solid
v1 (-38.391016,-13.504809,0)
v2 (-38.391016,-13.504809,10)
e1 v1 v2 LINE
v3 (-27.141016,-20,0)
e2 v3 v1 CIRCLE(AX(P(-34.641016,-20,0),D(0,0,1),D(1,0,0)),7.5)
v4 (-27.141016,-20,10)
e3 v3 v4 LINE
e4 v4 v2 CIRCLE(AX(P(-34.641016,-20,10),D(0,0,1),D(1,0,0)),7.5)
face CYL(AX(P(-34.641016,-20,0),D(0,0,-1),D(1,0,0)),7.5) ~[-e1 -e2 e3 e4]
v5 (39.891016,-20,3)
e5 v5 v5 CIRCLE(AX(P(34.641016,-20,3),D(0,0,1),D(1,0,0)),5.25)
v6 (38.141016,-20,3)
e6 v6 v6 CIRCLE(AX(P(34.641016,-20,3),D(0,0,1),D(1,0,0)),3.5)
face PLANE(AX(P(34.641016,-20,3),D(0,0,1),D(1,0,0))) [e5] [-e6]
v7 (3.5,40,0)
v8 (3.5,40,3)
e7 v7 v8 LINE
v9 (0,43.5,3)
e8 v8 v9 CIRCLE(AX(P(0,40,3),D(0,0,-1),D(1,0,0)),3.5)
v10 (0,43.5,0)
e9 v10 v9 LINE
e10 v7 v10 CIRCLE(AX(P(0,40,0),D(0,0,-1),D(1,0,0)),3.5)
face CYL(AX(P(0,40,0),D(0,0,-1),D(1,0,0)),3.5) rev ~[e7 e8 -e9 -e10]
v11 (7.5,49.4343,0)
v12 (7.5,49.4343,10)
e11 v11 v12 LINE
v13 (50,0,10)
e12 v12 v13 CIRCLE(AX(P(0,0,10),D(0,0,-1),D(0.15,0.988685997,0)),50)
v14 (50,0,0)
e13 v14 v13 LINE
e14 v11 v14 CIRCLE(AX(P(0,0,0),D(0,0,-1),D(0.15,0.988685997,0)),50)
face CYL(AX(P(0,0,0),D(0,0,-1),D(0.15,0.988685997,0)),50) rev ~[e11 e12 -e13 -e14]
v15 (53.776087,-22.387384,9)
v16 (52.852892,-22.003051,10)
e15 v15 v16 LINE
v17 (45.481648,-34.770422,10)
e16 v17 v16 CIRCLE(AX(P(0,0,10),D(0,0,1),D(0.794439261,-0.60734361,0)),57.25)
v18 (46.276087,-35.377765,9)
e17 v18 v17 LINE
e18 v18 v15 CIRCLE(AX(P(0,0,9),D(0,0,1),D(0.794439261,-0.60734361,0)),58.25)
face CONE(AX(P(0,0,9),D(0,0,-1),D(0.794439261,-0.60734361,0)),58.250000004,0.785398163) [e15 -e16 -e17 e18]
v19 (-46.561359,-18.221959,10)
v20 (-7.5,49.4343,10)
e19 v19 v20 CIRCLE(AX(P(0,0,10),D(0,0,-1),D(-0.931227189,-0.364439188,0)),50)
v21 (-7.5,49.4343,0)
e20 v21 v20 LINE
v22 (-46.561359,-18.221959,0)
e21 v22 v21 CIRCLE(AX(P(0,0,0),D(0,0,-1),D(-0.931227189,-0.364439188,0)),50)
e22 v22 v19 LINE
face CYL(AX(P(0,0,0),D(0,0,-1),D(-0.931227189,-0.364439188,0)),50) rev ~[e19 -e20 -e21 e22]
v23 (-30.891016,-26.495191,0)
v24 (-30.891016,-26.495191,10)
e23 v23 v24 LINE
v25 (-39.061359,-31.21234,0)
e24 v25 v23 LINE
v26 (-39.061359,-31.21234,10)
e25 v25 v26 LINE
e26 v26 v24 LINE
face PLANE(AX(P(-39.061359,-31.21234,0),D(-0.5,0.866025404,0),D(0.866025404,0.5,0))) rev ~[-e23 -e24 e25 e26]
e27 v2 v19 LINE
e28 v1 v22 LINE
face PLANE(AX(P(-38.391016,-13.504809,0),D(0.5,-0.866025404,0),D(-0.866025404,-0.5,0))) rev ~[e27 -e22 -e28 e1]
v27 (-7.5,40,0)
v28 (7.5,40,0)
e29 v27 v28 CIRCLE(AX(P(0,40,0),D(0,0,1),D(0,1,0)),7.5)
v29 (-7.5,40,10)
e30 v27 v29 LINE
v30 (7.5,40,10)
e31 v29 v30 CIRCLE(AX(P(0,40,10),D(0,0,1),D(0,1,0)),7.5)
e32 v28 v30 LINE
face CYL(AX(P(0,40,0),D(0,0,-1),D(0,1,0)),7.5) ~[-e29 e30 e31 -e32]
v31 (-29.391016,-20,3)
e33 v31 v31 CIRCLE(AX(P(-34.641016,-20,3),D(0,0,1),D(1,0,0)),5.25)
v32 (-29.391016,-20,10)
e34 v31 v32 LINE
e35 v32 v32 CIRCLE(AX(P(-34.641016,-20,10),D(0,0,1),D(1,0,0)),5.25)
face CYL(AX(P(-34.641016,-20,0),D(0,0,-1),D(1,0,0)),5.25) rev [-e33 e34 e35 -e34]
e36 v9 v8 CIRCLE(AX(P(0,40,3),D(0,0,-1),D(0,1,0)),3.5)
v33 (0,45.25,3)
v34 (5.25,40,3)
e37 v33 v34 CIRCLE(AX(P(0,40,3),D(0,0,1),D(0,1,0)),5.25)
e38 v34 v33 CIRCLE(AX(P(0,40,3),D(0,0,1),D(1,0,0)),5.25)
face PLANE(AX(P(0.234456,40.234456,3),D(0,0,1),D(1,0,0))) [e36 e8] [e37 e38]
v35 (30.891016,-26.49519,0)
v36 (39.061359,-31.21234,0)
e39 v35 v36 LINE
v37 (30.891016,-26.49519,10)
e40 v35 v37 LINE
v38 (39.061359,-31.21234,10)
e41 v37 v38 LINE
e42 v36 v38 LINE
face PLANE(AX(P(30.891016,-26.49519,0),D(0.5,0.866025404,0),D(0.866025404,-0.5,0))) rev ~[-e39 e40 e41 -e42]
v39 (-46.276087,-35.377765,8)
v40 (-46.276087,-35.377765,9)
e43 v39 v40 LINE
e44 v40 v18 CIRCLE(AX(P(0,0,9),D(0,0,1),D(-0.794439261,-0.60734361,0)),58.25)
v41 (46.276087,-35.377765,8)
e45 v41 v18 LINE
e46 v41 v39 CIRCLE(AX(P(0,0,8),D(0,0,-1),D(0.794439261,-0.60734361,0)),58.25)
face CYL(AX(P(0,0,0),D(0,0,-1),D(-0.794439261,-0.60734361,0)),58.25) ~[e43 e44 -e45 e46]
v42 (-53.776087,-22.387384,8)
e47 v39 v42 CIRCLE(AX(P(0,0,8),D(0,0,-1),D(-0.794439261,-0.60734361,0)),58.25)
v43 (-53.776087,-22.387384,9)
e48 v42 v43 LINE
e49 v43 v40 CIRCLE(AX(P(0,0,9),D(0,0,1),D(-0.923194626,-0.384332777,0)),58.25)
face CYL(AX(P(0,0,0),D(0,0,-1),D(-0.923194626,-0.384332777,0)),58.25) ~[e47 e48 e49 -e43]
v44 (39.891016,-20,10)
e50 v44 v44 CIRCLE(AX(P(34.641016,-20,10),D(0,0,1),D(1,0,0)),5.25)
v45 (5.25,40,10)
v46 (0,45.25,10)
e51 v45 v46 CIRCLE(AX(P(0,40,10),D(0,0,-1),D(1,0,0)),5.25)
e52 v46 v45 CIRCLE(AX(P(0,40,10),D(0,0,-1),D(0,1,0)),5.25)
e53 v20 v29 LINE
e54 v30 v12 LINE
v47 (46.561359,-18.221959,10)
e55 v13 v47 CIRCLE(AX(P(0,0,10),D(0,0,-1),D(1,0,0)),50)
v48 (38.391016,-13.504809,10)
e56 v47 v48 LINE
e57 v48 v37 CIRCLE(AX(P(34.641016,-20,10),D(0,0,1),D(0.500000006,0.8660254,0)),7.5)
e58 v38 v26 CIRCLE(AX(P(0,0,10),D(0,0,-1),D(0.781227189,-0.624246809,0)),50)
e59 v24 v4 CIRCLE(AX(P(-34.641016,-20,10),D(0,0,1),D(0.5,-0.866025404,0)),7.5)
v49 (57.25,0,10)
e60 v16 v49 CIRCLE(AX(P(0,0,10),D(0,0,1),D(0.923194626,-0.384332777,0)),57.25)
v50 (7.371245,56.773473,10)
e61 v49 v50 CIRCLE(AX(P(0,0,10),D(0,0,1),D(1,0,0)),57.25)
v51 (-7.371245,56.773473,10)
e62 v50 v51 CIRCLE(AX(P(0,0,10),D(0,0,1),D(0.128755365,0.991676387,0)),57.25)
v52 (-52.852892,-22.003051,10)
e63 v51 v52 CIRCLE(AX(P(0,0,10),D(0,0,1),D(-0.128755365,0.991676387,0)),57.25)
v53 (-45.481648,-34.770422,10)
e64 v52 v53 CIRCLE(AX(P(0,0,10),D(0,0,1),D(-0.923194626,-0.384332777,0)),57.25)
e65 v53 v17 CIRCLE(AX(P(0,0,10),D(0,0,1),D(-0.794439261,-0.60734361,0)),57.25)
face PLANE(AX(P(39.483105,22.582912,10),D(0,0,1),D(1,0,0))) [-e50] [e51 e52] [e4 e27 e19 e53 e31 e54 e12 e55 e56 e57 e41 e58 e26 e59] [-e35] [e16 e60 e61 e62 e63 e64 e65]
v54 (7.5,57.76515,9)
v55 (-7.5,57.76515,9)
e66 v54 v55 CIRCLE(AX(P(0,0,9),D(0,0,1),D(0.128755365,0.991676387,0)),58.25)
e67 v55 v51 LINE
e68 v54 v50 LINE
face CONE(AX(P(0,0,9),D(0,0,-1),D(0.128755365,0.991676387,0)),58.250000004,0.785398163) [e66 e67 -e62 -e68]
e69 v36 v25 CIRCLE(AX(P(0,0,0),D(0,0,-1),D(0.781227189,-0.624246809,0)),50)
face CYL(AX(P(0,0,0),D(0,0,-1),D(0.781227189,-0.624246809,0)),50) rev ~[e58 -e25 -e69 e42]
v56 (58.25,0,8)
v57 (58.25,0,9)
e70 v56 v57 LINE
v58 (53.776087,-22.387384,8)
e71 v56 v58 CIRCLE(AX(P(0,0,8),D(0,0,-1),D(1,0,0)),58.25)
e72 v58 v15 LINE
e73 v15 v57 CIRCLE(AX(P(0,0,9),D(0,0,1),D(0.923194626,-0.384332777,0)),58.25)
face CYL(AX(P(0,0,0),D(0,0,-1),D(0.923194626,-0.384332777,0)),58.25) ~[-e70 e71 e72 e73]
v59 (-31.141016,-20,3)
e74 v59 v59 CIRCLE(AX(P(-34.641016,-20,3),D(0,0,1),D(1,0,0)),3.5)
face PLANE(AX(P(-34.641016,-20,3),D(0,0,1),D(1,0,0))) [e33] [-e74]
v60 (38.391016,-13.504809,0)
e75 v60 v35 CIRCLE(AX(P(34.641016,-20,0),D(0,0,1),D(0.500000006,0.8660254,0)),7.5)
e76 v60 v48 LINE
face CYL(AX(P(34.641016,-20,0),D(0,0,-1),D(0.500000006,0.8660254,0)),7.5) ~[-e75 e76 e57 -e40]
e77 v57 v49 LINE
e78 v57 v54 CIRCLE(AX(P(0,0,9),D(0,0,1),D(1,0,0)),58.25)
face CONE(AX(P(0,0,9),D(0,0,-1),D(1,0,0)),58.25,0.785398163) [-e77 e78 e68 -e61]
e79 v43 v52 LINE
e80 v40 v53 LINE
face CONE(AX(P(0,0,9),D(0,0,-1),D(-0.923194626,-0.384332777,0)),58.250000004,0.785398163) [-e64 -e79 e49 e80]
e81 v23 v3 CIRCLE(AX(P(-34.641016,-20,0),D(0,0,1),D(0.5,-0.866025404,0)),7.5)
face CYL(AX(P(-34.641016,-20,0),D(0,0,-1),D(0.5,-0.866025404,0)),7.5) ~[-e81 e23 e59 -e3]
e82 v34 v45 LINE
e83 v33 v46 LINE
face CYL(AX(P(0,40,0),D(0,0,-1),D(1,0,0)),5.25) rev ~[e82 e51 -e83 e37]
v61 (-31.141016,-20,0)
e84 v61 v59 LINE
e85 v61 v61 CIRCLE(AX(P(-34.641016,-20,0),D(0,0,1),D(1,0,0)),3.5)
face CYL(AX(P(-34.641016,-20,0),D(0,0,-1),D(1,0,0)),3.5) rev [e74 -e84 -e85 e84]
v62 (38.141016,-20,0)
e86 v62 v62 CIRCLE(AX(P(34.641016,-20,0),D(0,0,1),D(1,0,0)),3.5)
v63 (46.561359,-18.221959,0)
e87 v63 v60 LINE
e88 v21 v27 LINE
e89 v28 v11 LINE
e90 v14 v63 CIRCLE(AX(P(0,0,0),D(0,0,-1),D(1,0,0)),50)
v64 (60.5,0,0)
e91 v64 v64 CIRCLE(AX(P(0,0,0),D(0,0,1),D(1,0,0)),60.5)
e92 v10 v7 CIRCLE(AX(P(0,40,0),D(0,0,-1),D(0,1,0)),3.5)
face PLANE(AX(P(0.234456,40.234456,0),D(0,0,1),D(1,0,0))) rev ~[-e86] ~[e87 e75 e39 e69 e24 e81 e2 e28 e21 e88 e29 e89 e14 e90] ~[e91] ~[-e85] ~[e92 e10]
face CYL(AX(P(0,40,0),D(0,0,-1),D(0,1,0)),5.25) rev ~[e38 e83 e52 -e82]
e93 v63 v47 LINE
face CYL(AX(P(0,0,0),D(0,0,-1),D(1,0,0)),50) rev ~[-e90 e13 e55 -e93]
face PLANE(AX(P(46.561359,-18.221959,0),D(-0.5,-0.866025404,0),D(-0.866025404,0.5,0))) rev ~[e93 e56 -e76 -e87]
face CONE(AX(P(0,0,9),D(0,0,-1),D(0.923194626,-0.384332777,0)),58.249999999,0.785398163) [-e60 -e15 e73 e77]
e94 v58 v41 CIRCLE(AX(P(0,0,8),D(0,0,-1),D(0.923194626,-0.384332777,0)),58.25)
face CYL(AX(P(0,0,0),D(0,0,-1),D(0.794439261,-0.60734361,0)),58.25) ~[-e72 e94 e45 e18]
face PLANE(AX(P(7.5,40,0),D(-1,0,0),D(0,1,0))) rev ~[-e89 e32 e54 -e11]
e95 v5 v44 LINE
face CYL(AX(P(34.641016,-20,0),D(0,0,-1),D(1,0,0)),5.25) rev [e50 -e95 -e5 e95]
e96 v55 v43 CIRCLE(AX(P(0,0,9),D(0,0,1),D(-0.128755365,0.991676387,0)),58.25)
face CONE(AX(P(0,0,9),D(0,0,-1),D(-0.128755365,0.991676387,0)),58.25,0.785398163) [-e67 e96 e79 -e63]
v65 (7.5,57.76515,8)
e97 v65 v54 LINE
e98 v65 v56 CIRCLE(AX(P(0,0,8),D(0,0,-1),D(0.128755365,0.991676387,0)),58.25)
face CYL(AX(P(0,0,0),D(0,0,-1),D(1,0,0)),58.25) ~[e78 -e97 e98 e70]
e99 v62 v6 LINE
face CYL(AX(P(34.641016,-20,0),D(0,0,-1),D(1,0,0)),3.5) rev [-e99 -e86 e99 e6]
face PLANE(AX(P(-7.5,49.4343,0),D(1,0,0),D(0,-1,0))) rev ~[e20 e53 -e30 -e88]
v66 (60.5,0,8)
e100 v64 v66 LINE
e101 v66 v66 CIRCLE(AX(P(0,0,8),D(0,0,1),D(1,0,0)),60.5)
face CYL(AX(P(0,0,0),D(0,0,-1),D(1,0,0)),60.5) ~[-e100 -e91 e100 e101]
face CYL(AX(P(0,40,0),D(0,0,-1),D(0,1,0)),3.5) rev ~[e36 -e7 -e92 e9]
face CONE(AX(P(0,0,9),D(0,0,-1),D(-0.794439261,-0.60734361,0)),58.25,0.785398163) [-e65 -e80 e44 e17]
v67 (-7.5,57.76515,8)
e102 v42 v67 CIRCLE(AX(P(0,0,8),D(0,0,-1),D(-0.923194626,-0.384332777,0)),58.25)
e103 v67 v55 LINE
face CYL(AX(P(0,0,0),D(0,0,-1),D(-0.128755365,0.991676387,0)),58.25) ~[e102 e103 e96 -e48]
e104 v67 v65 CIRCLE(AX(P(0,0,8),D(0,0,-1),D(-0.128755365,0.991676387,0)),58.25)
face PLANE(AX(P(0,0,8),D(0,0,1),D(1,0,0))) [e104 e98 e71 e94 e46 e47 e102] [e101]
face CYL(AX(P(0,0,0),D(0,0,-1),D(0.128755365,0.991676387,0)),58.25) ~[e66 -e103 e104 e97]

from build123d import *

# Parameters (mm, degrees)
F0_R     = 5.25
F1_DEPTH = 10
F0_R_2   = 60.5
F2_DEPTH = 8
F3_SIZE  = 1
F0_R_3   = 3.5
F4_DEPTH = 3


with BuildPart() as f1:
    # F0 (on Top) → F1 (new body)
    with BuildSketch(Plane.XY):
        with BuildLine():
            ThreePointArc((7.5, 49.4342998332), (37.9143772203, 32.596012026), (50, 0))
            ThreePointArc((50, 0), (49.1328198544, -9.2717858665), (46.5613594739, -18.2219593882))
            Line((46.5613594739, -18.2219593882), (53.7760869447, -22.3873842357))
            ThreePointArc((53.7760869447, -22.3873842357), (57.1205723209, -11.4150215828), (58.25, 0))
            ThreePointArc((58.25, 0), (43.7603559172, 38.4459848359), (7.5, 57.7651495281))
            Line((7.5, 57.7651495281), (7.5, 49.4342998332))
        make_face()
        with BuildLine():
            ThreePointArc((0, 50), (3.7606520937, 49.8583743801), (7.5, 49.4342998332))
            Line((7.5, 49.4342998332), (7.5, 57.7651495281))
            Line((7.5, 57.7651495281), (-7.5, 57.7651495281))
            Line((-7.5, 57.7651495281), (-7.5, 49.4342998332))
            ThreePointArc((-7.5, 49.4342998332), (-3.7606520937, 49.8583743801), (0, 50))
        make_face()
        with BuildLine():
            ThreePointArc((-46.5613594739, -18.2219593882), (-43.3012701892, 25), (-7.5, 49.4342998332))
            Line((-7.5, 49.4342998332), (-7.5, 57.7651495281))
            ThreePointArc((-7.5, 57.7651495281), (-50.4459797704, 29.125), (-53.7760869447, -22.3873842357))
            Line((-53.7760869447, -22.3873842357), (-46.5613594739, -18.2219593882))
        make_face()
        with BuildLine():
            Line((-46.2760869447, -35.3777652924), (-39.0613594739, -31.212340445))
            ThreePointArc((-39.0613594739, -31.212340445), (-43.3012701892, -25), (-46.5613594739, -18.2219593882))
            Line((-46.5613594739, -18.2219593882), (-53.7760869447, -22.3873842357))
            ThreePointArc((-53.7760869447, -22.3873842357), (-50.4459797704, -29.125), (-46.2760869447, -35.3777652924))
        make_face()
        with BuildLine():
            Line((46.2760869447, -35.3777652924), (39.0613594739, -31.212340445))
            ThreePointArc((39.0613594739, -31.212340445), (0, -50), (-39.0613594739, -31.212340445))
            Line((-39.0613594739, -31.212340445), (-46.2760869447, -35.3777652924))
            ThreePointArc((-46.2760869447, -35.3777652924), (0, -58.25), (46.2760869447, -35.3777652924))
        make_face()
        with BuildLine():
            Line((53.7760869447, -22.3873842357), (46.5613594739, -18.2219593882))
            ThreePointArc((46.5613594739, -18.2219593882), (43.3012701892, -25), (39.0613594739, -31.212340445))
            Line((39.0613594739, -31.212340445), (46.2760869447, -35.3777652924))
            ThreePointArc((46.2760869447, -35.3777652924), (50.4459797704, -29.125), (53.7760869447, -22.3873842357))
        make_face()
        with BuildLine():
            Line((-7.5, 57.7651495281), (7.5, 57.7651495281))
            ThreePointArc((7.5, 57.7651495281), (0, 58.25), (-7.5, 57.7651495281))
        make_face()
        with BuildLine():
            Line((7.5, 40), (7.5, 49.4342998332))
            ThreePointArc((7.5, 49.4342998332), (3.7606520937, 49.8583743801), (0, 50))
            Line((0, 50), (0, 47.5))
            ThreePointArc((0, 47.5), (5.3033008589, 45.3033008589), (7.5, 40))
        make_face()
        with BuildLine():
            Line((0, 47.5), (0, 50))
            ThreePointArc((0, 50), (-3.7606520937, 49.8583743801), (-7.5, 49.4342998332))
            Line((-7.5, 49.4342998332), (-7.5, 40))
            ThreePointArc((-7.5, 40), (-5.3033008589, 45.3033008589), (0, 47.5))
        make_face()
        with BuildLine():
            ThreePointArc((-7.5, 40), (0, 32.5), (7.5, 40))
            ThreePointArc((7.5, 40), (5.3033008589, 45.3033008589), (0, 47.5))
            ThreePointArc((0, 47.5), (-5.3033008589, 45.3033008589), (-7.5, 40))
        make_face()
        with BuildLine():
            ThreePointArc((5.25, 40), (-3.7123106012, 36.2876893988), (0, 45.25))
            ThreePointArc((0, 45.25), (3.7123106012, 43.7123106012), (5.25, 40))
        make_face(mode=Mode.SUBTRACT)
        with BuildLine():
            ThreePointArc((39.0613594739, -31.212340445), (43.3012701892, -25), (46.5613594739, -18.2219593882))
            Line((46.5613594739, -18.2219593882), (38.3910161948, -13.5048094967))
            ThreePointArc((38.3910161948, -13.5048094967), (41.1362066923, -16.2500000217), (42.1410161514, -20))
            ThreePointArc((42.1410161514, -20), (38.3910161049, -26.4951905552), (30.8910160584, -26.4951904747))
            Line((30.8910160584, -26.4951904747), (39.0613594739, -31.212340445))
        make_face()
        with BuildLine():
            ThreePointArc((42.1410161514, -20), (41.1362066923, -16.2500000217), (38.3910161948, -13.5048094967))
            ThreePointArc((38.3910161948, -13.5048094967), (28.1458256624, -16.2499999318), (30.8910160584, -26.4951904747))
            ThreePointArc((30.8910160584, -26.4951904747), (38.3910161049, -26.4951905552), (42.1410161514, -20))
        make_face()
        with Locations((34.6410161514, -20)):
            Circle(F0_R, mode=Mode.SUBTRACT)
        with BuildLine():
            ThreePointArc((-38.3910159202, -13.5048093381), (-41.1362067455, -23.7499998861), (-30.891016148, -26.4951905264))
            ThreePointArc((-30.891016148, -26.4951905264), (-28.145825622, -23.7499999983), (-27.1410161514, -20))
            ThreePointArc((-27.1410161514, -20), (-30.8910160358, -13.5048095384), (-38.3910159202, -13.5048093381))
        make_face()
        with Locations((-34.6410161514, -20)):
            Circle(F0_R, mode=Mode.SUBTRACT)
        with BuildLine():
            ThreePointArc((-46.5613594739, -18.2219593882), (-43.3012701892, -25), (-39.0613594739, -31.212340445))
            Line((-39.0613594739, -31.212340445), (-30.891016148, -26.4951905264))
            ThreePointArc((-30.891016148, -26.4951905264), (-41.1362067455, -23.7499998861), (-38.3910159202, -13.5048093381))
            Line((-38.3910159202, -13.5048093381), (-46.5613594739, -18.2219593882))
        make_face()
    extrude(amount=F1_DEPTH)

    # F0 (on Top) → F2 (join)
    with BuildSketch(Plane.XY):
        Circle(F0_R_2)
        with BuildLine():
            ThreePointArc((-7.5, 57.7651495281), (0, 58.25), (7.5, 57.7651495281))
            ThreePointArc((7.5, 57.7651495281), (43.7603559172, 38.4459848359), (58.25, 0))
            ThreePointArc((58.25, 0), (57.1205723209, -11.4150215828), (53.7760869447, -22.3873842357))
            ThreePointArc((53.7760869447, -22.3873842357), (50.4459797704, -29.125), (46.2760869447, -35.3777652924))
            ThreePointArc((46.2760869447, -35.3777652924), (0, -58.25), (-46.2760869447, -35.3777652924))
            ThreePointArc((-46.2760869447, -35.3777652924), (-50.4459797704, -29.125), (-53.7760869447, -22.3873842357))
            ThreePointArc((-53.7760869447, -22.3873842357), (-50.4459797704, 29.125), (-7.5, 57.7651495281))
        make_face(mode=Mode.SUBTRACT)
    extrude(amount=F2_DEPTH)

    # F3
    f3_edges = [f1.edges().sort_by_distance(p)[0] for p in [
        (-7.5, -57.76515, 10),
    ]]
    chamfer(f3_edges, length=F3_SIZE)

    # F0 (on Top) → F4 (join)
    with BuildSketch(Plane.XY):
        with BuildLine():
            ThreePointArc((5.25, 40), (3.7123106012, 43.7123106012), (0, 45.25))
            ThreePointArc((0, 45.25), (-3.7123106012, 36.2876893988), (5.25, 40))
        make_face()
        with BuildLine():
            ThreePointArc((3.5, 40), (-2.4748737342, 37.5251262658), (0, 43.5))
            ThreePointArc((0, 43.5), (2.4748737342, 42.4748737342), (3.5, 40))
        make_face(mode=Mode.SUBTRACT)
        with Locations((-34.6410161514, -20)):
            Circle(F0_R)
        with Locations((-34.6410161514, -20)):
            Circle(F0_R_3, mode=Mode.SUBTRACT)
        with Locations((34.6410161514, -20)):
            Circle(F0_R)
        with Locations((34.6410161514, -20)):
            Circle(F0_R_3, mode=Mode.SUBTRACT)
    extrude(amount=F4_DEPTH)


solid = f1.part
